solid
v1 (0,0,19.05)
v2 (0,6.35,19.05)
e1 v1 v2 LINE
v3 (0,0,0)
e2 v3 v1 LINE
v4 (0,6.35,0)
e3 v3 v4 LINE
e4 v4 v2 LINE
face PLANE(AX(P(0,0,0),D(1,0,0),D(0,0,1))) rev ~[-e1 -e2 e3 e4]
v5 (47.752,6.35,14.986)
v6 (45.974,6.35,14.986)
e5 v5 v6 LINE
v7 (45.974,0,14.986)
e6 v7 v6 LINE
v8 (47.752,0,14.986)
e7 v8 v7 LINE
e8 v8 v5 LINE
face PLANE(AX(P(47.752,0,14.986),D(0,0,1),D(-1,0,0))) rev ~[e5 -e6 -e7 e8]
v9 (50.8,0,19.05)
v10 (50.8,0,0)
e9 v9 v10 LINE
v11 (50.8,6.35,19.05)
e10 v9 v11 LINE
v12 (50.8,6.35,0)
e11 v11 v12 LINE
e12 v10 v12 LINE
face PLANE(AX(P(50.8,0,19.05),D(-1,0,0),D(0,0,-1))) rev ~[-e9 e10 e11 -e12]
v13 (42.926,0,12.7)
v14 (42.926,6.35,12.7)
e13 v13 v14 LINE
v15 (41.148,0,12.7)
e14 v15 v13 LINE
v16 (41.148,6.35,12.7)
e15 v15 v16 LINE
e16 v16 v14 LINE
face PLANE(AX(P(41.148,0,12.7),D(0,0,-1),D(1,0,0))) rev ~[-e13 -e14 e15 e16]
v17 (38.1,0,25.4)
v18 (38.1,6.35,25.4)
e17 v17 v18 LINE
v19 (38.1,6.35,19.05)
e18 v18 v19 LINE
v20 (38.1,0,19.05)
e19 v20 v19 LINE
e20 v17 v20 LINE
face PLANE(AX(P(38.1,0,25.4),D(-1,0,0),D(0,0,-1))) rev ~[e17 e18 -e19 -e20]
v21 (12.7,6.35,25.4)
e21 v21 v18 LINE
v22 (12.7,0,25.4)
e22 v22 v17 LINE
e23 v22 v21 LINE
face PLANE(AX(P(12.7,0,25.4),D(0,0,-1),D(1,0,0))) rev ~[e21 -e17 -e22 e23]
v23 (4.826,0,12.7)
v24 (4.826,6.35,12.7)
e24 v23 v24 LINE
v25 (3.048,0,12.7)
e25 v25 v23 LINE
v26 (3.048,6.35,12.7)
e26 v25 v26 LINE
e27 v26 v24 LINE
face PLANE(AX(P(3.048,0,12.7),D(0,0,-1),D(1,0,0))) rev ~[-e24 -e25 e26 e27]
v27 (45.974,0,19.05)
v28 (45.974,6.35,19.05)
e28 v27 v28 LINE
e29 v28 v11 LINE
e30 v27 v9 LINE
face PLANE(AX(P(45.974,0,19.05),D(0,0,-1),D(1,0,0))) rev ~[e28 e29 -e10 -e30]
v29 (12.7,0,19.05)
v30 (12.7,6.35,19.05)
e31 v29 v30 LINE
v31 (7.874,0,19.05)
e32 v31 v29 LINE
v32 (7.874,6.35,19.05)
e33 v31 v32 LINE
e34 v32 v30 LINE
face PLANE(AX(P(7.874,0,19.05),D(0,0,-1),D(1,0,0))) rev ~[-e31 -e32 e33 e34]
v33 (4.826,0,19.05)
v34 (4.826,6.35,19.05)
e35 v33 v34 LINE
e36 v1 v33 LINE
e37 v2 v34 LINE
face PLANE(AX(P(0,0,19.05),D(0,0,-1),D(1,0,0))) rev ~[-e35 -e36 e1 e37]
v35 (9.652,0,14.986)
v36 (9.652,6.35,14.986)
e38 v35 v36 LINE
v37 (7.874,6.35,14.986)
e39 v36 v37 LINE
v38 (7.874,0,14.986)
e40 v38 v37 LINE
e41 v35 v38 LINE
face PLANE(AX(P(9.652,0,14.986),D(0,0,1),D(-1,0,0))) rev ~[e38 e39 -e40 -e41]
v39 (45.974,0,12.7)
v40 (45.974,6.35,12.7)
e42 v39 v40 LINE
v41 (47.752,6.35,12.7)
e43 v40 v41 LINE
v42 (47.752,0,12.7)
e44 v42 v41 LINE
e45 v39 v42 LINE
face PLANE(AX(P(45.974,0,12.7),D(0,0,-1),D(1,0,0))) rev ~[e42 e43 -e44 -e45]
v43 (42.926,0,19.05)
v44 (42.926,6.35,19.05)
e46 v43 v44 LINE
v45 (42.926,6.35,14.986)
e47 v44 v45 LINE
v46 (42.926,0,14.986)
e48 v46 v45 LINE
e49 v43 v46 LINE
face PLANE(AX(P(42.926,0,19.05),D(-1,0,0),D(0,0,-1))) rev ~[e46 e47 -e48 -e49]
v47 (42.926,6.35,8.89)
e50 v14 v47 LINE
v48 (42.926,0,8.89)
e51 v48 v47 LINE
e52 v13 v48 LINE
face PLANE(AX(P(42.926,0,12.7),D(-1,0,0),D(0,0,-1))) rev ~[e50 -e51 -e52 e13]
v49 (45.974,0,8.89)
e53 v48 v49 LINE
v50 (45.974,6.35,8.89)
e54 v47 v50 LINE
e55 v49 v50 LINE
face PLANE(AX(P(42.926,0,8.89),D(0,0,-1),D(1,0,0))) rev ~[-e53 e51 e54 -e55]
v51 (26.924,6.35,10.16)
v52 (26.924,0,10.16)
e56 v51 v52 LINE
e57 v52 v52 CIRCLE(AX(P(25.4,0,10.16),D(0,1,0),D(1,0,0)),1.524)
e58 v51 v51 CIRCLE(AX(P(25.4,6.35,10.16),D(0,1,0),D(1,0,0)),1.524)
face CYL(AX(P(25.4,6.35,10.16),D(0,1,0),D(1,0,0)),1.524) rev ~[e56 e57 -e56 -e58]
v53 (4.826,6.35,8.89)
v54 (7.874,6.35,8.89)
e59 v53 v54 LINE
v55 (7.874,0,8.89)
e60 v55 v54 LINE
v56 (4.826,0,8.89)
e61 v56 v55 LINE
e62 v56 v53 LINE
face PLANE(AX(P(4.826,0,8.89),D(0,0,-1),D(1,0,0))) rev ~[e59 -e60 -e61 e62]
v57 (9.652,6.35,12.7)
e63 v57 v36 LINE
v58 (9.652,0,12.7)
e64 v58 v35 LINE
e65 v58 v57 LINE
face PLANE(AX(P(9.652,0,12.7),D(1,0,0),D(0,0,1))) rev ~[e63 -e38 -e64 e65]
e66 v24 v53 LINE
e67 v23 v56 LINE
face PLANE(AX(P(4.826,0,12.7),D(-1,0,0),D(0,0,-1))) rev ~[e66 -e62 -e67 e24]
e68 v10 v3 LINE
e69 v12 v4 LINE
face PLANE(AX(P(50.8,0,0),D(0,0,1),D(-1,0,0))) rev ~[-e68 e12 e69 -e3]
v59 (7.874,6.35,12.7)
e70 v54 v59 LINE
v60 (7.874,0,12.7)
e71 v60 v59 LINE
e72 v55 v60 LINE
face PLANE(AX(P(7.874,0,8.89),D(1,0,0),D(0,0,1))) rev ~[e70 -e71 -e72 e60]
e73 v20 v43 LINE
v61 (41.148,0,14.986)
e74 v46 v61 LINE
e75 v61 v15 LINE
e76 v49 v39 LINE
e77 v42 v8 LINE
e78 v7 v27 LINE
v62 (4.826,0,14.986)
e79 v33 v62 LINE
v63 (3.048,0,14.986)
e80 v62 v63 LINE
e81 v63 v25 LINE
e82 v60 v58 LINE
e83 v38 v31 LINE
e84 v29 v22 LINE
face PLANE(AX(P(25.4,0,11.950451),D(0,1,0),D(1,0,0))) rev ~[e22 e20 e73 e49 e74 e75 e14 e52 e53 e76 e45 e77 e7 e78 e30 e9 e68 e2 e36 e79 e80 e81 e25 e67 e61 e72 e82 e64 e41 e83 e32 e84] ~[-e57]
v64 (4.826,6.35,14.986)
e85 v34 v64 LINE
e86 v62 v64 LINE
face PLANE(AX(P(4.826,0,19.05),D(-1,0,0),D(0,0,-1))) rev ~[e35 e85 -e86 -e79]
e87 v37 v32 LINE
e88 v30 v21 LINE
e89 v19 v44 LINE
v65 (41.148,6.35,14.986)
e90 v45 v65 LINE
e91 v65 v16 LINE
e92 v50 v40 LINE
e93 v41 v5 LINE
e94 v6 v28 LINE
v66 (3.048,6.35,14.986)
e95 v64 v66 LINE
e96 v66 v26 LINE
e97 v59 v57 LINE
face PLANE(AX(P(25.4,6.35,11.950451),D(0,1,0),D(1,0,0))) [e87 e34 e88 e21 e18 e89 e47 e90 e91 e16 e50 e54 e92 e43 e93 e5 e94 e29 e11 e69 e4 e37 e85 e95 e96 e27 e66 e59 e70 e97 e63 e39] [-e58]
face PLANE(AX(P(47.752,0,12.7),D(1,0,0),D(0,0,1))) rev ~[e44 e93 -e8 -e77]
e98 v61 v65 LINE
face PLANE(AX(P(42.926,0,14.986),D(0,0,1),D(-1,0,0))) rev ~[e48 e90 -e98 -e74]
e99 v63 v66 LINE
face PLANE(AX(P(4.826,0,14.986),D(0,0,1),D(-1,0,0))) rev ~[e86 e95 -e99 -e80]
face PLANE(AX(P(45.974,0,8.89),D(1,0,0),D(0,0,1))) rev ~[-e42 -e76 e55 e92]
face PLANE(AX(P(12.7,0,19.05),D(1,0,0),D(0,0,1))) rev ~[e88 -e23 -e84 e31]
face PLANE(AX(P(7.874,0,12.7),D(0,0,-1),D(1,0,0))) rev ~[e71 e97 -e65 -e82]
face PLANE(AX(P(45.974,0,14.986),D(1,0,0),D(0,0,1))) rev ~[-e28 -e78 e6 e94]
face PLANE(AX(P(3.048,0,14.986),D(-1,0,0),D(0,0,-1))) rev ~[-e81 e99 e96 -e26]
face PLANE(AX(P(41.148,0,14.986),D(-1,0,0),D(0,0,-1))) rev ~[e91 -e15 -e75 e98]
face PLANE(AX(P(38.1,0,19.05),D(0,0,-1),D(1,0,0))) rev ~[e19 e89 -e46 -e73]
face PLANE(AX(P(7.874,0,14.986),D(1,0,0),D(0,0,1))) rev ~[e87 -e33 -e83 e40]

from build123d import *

# Parameters (mm, degrees)
BOSS_EXTRUDE1_DEPTH = 6.35
SKETCH2_R           = 1.524
CUT_EXTRUDE1_DEPTH  = 7.35


with BuildPart() as part:
    # Sketch1 → Boss-Extrude1 (new body)
    with BuildSketch(Plane(origin=(0, 0, 0), x_dir=(1, 0, 0), z_dir=(0, 1, 0))):
        Polygon((50.8, 0), (0, 0), (0, -19.05), (4.826, -19.05), (4.826, -14.986), (3.048, -14.986), (3.048, -12.7), (4.826, -12.7), (4.826, -8.89), (7.874, -8.89), (7.874, -12.7), (9.652, -12.7), (9.652, -14.986), (7.874, -14.986), (7.874, -19.05), (12.7, -19.05), (12.7, -25.4), (38.1, -25.4), (38.1, -19.05), (42.926, -19.05), (42.926, -14.986), (41.148, -14.986), (41.148, -12.7), (42.926, -12.7), (42.926, -8.89), (45.974, -8.89), (45.974, -12.7), (47.752, -12.7), (47.752, -14.986), (45.974, -14.986), (45.974, -19.05), (50.8, -19.05), align=None)
    extrude(amount=BOSS_EXTRUDE1_DEPTH)

    # Sketch2 → Cut-Extrude1 (cut, through all)
    with BuildSketch(Plane(origin=(0, 6.35, 0), x_dir=(1, 0, 0), z_dir=(0, 1, 0))):
        with Locations((25.4, -10.16)):
            Circle(SKETCH2_R)
    extrude(amount=-CUT_EXTRUDE1_DEPTH, mode=Mode.SUBTRACT)


solid = part.part
